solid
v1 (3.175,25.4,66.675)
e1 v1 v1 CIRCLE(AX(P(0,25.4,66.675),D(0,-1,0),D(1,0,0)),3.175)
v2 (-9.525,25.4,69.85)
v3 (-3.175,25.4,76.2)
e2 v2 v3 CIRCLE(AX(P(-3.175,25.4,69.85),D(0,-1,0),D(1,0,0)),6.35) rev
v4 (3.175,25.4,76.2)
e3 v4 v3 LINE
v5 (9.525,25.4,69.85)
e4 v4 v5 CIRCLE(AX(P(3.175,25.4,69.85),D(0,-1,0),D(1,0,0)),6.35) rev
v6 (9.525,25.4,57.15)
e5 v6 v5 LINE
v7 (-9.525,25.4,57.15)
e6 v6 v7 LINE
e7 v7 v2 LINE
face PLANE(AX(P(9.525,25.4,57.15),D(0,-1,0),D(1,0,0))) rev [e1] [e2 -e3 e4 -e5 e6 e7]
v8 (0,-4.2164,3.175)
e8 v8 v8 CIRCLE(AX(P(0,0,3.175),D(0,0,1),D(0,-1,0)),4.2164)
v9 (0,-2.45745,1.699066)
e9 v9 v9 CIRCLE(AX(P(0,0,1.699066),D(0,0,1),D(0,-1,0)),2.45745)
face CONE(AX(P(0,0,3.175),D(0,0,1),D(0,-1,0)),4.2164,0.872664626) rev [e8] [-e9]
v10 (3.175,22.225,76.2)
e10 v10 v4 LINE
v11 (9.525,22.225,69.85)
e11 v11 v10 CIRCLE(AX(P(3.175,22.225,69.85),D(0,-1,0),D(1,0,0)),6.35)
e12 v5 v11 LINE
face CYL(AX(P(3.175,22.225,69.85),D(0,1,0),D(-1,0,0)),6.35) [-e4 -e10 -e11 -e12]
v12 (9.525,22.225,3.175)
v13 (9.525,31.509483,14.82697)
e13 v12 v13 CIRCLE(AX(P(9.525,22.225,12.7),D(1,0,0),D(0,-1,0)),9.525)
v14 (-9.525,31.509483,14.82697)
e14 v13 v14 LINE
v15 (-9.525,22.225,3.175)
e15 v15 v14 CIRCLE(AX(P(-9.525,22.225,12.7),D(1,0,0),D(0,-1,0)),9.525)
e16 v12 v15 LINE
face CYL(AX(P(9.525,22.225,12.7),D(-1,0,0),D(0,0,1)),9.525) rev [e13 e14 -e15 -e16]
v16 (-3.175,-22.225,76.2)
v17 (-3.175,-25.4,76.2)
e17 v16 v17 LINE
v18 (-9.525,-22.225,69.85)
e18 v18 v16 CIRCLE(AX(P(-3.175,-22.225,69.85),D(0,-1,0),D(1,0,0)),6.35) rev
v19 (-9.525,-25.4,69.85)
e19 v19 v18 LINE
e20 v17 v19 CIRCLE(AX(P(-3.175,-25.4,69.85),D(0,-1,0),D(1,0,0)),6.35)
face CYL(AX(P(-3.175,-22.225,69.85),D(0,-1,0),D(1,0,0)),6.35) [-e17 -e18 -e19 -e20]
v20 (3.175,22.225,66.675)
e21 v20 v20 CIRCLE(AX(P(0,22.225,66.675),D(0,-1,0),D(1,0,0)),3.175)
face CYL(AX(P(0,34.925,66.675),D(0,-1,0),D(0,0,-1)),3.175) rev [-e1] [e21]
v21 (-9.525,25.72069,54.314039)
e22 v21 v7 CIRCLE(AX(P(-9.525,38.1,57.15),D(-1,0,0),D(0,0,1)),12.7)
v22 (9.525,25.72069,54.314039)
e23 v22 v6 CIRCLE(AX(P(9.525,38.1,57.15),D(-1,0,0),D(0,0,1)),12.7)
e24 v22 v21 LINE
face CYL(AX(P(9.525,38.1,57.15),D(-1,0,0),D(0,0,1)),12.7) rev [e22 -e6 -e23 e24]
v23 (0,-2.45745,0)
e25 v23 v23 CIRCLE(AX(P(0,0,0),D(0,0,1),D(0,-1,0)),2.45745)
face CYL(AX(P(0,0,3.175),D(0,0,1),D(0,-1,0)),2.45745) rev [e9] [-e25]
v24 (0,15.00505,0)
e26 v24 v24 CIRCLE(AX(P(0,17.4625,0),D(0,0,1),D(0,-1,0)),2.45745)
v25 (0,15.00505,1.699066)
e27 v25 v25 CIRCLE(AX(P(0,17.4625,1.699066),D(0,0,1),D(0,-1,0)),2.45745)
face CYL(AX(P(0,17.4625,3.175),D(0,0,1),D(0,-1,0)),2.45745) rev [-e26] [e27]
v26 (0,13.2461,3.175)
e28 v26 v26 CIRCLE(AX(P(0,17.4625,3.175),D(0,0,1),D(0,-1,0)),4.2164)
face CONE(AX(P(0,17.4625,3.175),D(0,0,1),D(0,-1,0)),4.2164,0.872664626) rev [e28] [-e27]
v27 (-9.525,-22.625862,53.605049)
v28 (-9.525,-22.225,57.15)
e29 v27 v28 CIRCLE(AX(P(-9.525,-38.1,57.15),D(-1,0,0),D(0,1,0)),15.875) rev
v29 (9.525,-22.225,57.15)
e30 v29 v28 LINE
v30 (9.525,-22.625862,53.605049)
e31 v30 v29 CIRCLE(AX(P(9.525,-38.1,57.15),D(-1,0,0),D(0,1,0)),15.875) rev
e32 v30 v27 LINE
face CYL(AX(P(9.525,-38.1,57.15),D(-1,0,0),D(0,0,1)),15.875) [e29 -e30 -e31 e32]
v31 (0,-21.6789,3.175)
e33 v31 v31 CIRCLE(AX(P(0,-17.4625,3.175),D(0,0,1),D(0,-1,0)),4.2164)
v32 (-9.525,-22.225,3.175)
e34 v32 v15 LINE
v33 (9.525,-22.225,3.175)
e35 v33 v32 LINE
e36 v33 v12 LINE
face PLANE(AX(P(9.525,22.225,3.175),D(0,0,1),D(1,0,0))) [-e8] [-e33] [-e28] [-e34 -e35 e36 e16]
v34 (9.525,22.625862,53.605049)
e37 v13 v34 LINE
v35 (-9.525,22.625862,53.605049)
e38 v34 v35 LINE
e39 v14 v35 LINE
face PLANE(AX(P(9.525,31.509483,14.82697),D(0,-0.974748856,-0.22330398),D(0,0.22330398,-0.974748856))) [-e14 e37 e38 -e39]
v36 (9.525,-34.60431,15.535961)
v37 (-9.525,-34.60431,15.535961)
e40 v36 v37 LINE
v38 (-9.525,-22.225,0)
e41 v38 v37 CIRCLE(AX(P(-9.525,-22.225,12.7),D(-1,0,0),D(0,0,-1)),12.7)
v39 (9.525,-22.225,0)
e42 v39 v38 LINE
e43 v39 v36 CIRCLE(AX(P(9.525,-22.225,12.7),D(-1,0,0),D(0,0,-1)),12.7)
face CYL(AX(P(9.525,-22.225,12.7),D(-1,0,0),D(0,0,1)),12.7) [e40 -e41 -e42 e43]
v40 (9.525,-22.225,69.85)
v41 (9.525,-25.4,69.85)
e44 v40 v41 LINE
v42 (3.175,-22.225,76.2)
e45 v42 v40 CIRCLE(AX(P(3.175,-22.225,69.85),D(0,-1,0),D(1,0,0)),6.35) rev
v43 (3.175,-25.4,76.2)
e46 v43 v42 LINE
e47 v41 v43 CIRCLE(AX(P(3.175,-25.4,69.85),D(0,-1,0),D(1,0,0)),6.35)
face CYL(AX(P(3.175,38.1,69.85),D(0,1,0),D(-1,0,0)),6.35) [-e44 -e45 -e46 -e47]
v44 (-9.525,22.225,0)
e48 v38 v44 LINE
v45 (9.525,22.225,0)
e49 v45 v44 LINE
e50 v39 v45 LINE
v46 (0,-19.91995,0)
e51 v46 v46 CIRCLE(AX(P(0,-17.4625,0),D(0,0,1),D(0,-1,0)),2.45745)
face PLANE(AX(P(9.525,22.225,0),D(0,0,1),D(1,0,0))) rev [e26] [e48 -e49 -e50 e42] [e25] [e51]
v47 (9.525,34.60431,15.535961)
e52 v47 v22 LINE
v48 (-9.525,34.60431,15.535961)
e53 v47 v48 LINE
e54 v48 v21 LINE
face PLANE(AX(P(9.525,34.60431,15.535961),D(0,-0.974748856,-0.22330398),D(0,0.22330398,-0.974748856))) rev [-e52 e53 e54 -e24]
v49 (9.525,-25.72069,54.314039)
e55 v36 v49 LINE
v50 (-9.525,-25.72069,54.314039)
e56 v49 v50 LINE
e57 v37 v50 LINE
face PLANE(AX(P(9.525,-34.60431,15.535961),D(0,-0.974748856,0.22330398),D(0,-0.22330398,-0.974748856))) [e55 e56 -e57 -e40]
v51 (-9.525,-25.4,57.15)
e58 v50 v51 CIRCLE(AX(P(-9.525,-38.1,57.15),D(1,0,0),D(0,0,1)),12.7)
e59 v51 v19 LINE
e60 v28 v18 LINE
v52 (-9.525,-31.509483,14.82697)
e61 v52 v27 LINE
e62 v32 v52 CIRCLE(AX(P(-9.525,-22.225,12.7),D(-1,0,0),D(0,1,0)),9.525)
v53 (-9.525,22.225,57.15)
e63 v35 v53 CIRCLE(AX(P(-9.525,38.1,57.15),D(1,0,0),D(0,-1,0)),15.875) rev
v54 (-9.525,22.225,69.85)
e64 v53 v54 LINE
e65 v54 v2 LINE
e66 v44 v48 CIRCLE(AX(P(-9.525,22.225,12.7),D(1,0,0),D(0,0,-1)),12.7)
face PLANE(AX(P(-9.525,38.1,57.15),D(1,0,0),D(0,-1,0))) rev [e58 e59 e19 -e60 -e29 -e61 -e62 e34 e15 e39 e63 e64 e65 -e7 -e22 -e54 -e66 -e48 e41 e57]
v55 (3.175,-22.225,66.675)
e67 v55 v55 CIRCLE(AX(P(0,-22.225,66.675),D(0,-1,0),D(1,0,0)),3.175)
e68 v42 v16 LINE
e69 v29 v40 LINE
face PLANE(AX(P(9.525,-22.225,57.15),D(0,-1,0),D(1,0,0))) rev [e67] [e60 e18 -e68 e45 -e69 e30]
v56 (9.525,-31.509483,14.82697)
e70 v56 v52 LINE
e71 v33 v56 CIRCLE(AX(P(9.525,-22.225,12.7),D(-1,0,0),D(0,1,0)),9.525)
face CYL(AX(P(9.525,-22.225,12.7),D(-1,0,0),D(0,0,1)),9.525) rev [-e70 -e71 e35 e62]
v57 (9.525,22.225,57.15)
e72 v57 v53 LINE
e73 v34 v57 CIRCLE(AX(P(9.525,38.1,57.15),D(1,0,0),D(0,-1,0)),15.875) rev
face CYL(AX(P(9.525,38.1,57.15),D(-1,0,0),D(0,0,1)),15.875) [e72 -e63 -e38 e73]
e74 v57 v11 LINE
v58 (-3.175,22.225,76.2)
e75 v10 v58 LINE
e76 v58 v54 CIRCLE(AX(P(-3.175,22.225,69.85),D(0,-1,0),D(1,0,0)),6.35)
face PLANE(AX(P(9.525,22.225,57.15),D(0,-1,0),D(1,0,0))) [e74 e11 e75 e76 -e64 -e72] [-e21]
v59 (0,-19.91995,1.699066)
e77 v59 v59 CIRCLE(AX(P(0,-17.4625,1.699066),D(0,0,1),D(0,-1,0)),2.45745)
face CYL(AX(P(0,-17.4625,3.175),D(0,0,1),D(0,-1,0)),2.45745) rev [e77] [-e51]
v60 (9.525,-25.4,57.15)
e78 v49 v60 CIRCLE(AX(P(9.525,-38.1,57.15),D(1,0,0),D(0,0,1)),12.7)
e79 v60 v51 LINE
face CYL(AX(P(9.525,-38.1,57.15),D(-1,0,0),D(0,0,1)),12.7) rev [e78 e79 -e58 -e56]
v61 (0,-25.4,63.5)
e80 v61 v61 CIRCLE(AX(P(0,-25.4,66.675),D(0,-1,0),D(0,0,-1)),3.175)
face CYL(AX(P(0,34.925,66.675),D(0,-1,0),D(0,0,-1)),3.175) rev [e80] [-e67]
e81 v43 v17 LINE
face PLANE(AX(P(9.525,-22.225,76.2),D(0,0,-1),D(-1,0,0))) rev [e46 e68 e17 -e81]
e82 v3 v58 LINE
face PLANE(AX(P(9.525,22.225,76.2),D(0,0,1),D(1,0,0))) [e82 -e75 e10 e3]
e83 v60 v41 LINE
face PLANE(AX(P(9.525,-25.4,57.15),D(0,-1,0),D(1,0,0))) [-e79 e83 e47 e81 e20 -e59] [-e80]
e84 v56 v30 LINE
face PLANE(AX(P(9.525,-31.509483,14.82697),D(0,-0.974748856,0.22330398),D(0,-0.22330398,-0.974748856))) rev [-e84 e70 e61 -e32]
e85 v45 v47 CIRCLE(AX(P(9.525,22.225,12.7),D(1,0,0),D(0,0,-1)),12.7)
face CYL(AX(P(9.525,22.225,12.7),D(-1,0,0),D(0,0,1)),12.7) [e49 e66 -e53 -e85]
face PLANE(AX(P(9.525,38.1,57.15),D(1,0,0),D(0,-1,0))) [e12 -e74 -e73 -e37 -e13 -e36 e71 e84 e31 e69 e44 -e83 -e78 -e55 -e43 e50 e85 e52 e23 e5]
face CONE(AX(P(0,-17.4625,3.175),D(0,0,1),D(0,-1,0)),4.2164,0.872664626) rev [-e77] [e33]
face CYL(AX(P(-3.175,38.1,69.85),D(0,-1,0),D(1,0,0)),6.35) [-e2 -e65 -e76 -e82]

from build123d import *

# Parameters (mm, degrees)
EXTRUDE_THIN1_DEPTH                       = 9.525
SKETCH4_R                                 = 3.175
CUT_EXTRUDE1_DEPTH                        = 61.325
CSK_FOR_8_FLAT_HEAD_MACHINE_SCREW_2_COUNT = 2
CSK_FOR_8_FLAT_HEAD_MACHINE_SCREW_2_PITCH = 17.4625
CSK_FOR_8_FLAT_HEAD_MACHINE_SCREW_3_COUNT = 2
CSK_FOR_8_FLAT_HEAD_MACHINE_SCREW_3_PITCH = 34.925
FILLET1_R                                 = 6.35


with BuildPart() as part:
    # Sketch2 → Extrude-Thin1 (new body, symmetric)
    with BuildSketch(Plane(origin=(0, 0, 66.675), x_dir=(0, -1, 0), z_dir=(1, 0, 0))):
        with BuildLine():
            Line((22.225, 66.675), (-22.225, 66.675))
            ThreePointArc((-22.225, 66.675), (-32.15743925, 61.88933197), (-34.604310473, 51.139039455))
            Line((-34.604310473, 51.139039455), (-25.720689527, 12.360960545))
            ThreePointArc((-25.720689527, 12.360960545), (-25.480427048, 10.952017343), (-25.4, 9.525))
            Line((-25.4, 9.525), (-25.4, -9.525))
            Line((-25.4, -9.525), (-22.225, -9.525))
            Line((-22.225, -9.525), (-22.225, 9.525))
            ThreePointArc((-22.225, 9.525), (-22.325533809, 11.308771679), (-22.625861909, 13.069950682))
            Line((-22.625861909, 13.069950682), (-31.509482855, 51.848029591))
            ThreePointArc((-31.509482855, 51.848029591), (-29.674329438, 59.910748978), (-22.225, 63.5))
            Line((-22.225, 63.5), (22.225, 63.5))
            Line((22.225, 63.5), (22.225, 66.675))
        make_face()
    extrude_thin1 = extrude(amount=EXTRUDE_THIN1_DEPTH, both=True)

    # Mirror1: Extrude-Thin1 across plane
    add(extrude_thin1.mirror(Plane.ZX))

    # Sketch4 → Cut-Extrude1 (cut, through all)
    with BuildSketch(Plane.XZ.offset(25.4)):
        with Locations((0, 66.675)):
            Circle(SKETCH4_R)
    extrude(amount=-CUT_EXTRUDE1_DEPTH, mode=Mode.SUBTRACT)

    # Sketch6 → CSK for #8 Flat Head Machine Screw (100)1 (revolve, cut)
    with BuildSketch(Plane(origin=(0, -17.4625, 3.175), x_dir=(0, -1, 0), z_dir=(1, 0, 0))):
        Polygon((0, 0), (0, 3.175), (2.45745, 3.175), (2.45745, 1.475934296), (4.2164, 0), align=None)
    csk_for_8_flat_head_machine_screw_100 = revolve(axis=Axis((0, -17.4625, 9.525), (0, 0, -1)), mode=Mode.SUBTRACT)

    # CSK for _8 Flat Head Machine Screw _ 2: CSK for #8 Flat Head Machine Screw (100)1 ×2
    with Locations(*[(0, i * CSK_FOR_8_FLAT_HEAD_MACHINE_SCREW_2_PITCH, 0) for i in range(1, CSK_FOR_8_FLAT_HEAD_MACHINE_SCREW_2_COUNT)]):
        add(csk_for_8_flat_head_machine_screw_100, mode=Mode.SUBTRACT)

    # CSK for _8 Flat Head Machine Screw _ 3: CSK for #8 Flat Head Machine Screw (100)1 ×2
    with Locations(*[(0, i * CSK_FOR_8_FLAT_HEAD_MACHINE_SCREW_3_PITCH, 0) for i in range(1, CSK_FOR_8_FLAT_HEAD_MACHINE_SCREW_3_COUNT)]):
        add(csk_for_8_flat_head_machine_screw_100, mode=Mode.SUBTRACT)

    # Fillet1
    fillet1_edges = [part.edges().sort_by_distance(p)[0] for p in [
        (-9.525, 23.8125, 76.2),
        (9.525, -23.8125, 76.2),
        (-9.525, -23.8125, 76.2),
        (9.525, 23.8125, 76.2),
    ]]
    fillet(fillet1_edges, radius=FILLET1_R)


solid = part.part
